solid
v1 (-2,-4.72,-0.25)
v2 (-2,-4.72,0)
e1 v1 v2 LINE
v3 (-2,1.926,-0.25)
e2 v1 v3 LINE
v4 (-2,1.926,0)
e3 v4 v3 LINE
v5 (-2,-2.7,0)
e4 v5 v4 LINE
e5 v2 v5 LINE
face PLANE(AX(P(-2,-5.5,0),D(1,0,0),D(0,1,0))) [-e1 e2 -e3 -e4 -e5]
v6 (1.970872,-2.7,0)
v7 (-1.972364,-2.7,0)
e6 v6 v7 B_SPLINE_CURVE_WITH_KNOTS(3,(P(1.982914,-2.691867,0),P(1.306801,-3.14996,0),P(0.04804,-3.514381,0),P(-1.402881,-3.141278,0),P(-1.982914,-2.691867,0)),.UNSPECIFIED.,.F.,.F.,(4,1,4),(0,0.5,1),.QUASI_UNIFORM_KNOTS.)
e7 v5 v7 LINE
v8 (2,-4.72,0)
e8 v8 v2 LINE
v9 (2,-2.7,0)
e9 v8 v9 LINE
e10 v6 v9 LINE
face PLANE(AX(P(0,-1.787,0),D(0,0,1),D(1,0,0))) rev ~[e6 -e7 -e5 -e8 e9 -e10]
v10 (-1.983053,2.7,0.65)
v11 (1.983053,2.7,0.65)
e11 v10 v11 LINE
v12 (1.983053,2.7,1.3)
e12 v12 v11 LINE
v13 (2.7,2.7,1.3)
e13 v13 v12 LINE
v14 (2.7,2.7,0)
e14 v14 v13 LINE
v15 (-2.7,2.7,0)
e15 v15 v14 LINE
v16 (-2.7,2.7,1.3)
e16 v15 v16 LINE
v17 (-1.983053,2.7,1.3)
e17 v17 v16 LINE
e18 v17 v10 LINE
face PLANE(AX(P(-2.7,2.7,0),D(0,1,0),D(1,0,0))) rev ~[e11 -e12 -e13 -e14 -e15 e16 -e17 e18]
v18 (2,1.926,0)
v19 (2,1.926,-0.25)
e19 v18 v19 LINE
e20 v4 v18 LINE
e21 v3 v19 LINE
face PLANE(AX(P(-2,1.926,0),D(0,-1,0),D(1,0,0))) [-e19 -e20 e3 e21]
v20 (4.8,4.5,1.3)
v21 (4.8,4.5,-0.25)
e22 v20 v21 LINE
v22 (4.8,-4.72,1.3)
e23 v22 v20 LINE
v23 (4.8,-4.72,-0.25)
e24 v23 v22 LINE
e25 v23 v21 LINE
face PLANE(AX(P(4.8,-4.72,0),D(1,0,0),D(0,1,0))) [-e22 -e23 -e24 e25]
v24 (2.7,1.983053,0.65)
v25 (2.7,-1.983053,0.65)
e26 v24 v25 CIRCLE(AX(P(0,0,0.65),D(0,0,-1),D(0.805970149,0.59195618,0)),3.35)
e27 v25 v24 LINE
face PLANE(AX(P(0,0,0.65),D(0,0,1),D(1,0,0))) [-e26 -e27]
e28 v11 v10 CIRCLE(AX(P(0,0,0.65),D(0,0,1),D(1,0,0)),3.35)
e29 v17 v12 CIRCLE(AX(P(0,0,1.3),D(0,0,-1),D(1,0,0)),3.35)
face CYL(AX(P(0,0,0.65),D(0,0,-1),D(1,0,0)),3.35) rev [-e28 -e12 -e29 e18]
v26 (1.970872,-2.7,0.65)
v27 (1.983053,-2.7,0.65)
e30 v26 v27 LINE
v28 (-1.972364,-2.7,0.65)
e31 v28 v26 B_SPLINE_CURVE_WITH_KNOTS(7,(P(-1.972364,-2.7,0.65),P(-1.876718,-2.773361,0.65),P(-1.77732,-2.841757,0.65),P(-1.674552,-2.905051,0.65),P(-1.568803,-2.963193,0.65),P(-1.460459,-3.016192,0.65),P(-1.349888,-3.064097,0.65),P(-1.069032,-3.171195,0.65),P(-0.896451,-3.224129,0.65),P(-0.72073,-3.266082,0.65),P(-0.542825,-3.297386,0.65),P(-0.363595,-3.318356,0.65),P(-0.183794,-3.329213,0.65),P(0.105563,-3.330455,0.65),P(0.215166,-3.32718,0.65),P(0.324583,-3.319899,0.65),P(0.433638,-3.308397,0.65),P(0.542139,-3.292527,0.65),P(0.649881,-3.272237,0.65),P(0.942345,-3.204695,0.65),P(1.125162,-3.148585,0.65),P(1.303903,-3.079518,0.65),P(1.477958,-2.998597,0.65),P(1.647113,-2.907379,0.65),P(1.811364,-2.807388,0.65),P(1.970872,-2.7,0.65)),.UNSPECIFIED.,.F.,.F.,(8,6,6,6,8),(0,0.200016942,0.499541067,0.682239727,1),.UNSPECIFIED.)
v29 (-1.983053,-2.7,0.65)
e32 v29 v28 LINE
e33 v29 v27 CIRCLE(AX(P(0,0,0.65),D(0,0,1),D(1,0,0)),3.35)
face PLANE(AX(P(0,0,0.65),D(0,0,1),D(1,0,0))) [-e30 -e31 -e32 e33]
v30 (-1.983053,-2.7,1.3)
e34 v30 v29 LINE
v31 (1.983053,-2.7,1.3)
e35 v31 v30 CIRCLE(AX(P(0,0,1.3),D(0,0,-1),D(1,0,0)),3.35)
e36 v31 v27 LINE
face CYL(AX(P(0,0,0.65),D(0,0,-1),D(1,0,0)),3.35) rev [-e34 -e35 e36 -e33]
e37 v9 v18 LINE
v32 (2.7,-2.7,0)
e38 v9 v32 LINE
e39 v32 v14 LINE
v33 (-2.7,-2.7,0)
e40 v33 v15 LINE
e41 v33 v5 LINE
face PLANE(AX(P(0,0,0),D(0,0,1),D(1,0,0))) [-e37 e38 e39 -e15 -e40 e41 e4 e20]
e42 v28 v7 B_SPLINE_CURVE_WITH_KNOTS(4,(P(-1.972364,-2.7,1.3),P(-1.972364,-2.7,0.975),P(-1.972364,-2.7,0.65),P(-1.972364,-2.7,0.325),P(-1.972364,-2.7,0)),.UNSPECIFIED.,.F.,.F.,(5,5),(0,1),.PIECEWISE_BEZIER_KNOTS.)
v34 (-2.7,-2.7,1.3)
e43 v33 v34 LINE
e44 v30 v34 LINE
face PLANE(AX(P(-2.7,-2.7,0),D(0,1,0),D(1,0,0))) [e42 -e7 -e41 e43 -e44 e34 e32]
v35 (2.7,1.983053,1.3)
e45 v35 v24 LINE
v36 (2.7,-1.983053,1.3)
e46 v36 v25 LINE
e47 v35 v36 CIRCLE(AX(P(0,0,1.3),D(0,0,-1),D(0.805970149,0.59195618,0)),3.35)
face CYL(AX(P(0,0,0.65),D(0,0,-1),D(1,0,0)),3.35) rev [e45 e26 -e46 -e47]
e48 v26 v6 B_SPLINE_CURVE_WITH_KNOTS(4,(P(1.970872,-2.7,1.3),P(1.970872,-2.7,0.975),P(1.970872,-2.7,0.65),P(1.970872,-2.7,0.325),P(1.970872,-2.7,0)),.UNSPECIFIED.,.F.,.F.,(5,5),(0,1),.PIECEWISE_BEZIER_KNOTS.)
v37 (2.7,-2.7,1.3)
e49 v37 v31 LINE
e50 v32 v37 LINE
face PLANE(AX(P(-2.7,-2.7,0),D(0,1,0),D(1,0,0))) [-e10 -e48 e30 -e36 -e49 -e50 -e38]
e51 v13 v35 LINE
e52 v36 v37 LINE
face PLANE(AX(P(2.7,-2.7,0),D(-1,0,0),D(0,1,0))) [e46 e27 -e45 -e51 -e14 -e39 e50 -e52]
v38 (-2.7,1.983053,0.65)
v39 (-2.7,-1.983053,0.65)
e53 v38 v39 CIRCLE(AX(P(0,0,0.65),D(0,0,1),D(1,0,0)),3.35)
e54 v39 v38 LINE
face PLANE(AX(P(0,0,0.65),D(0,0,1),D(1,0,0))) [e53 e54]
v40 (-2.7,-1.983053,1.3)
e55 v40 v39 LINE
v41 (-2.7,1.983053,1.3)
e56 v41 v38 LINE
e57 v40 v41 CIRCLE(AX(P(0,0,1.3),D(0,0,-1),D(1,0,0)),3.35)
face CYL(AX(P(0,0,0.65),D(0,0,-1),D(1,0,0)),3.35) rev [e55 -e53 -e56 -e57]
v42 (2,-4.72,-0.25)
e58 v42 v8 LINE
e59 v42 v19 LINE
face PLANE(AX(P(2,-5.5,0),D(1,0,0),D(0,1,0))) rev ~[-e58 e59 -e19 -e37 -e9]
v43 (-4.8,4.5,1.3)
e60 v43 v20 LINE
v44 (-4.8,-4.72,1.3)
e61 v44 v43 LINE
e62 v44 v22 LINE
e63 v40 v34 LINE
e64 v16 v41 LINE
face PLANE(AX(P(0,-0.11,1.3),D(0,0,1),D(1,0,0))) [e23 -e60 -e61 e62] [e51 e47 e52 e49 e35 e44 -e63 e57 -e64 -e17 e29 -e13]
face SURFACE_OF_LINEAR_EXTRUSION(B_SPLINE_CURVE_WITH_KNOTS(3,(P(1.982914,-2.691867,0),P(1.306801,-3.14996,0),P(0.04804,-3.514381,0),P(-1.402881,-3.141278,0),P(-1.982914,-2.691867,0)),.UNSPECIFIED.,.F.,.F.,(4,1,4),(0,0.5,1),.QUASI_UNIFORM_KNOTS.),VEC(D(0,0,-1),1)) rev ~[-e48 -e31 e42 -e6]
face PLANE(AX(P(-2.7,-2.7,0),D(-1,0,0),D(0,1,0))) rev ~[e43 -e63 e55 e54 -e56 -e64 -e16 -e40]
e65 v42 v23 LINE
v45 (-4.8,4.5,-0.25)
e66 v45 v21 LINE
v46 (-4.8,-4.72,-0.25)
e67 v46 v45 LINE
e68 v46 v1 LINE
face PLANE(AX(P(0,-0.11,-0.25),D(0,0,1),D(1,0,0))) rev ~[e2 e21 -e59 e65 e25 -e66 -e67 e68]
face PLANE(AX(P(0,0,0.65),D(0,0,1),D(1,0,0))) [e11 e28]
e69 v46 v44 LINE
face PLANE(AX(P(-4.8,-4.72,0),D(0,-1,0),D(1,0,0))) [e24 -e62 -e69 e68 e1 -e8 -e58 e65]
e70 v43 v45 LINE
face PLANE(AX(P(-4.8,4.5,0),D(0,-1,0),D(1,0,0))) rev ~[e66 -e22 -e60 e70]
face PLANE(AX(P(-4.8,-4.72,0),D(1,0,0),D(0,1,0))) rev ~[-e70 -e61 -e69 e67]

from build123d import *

# Parameters (mm, degrees)
PAD009_DEPTH      = 10
PAD009_DEPTH_BACK = 10
SKETCH_W          = 4
SKETCH_H          = 7.426
PAD008_DEPTH      = 1
SKETCH007_R       = 3.35
PAD007_DEPTH      = 1.5
SKETCH006_W       = 5.4
SKETCH006_H       = 5.4
PAD006_DEPTH      = 5
SKETCH001_W       = 9.6
SKETCH001_H       = 9.22
PAD_DEPTH         = 1.3
PAD_DEPTH_BACK    = 0.25


with BuildPart() as bottom_cut_avoid_thin_bridge:
    # Sketch008 → Pad009 (new body, two sides)
    with BuildSketch(Plane.XY) as pad009_sk:
        with BuildLine():
            Line((-1.982914, -2.691867), (1.982914, -2.691867))
            add(Edge.make_bspline(
                [(1.982914, -2.691867), (1.306801, -3.14996), (0.04804, -3.514381), (-1.402881, -3.141278), (-1.982914, -2.691867)],
                knots=[0, 0, 0, 0, 0.5, 1, 1, 1, 1], degree=3))
        make_face()
    extrude(amount=PAD009_DEPTH)
    extrude(pad009_sk.sketch, amount=-PAD009_DEPTH_BACK)


with BuildPart() as sensor_entrance_channel_cut:
    # Sketch → Pad008 (new body)
    with BuildSketch(Plane.XY):
        with Locations((0, -1.787)):
            Rectangle(SKETCH_W, SKETCH_H)
    extrude(amount=-PAD008_DEPTH)


with BuildPart() as o_ring_cutout:
    # Sketch007 → Pad007 (new body)
    with BuildSketch(Plane.XY):
        Circle(SKETCH007_R)
    extrude(amount=PAD007_DEPTH)


with BuildPart() as o_ring_cutout_1:
    # Body007 placement: moved
    add(o_ring_cutout.part.moved(Location((0, 0, 0.65))))


with BuildPart() as glass_cutout:
    # Sketch006 → Pad006 (new body)
    with BuildSketch(Plane.XY):
        Rectangle(SKETCH006_W, SKETCH006_H)
    extrude(amount=PAD006_DEPTH)


with BuildPart() as cut003:
    # Sketch001 → Pad (new body, two sides)
    with BuildSketch(Plane.XY) as pad_sk:
        with Locations((0, -0.61)):
            Rectangle(SKETCH001_W, SKETCH001_H)
    extrude(amount=PAD_DEPTH)
    extrude(pad_sk.sketch, amount=-PAD_DEPTH_BACK)


with BuildPart() as cut003_1:
    # Body001 placement: moved
    add(cut003.part.moved(Location((0, 0.5, 0))))

    # Cut: cut Glass _cutout
    add(glass_cutout.part, mode=Mode.SUBTRACT)

    # Cut001: cut O-ring_Cutout
    add(o_ring_cutout_1.part, mode=Mode.SUBTRACT)

    # Cut002: cut sensor entrance channel cut
    add(sensor_entrance_channel_cut.part, mode=Mode.SUBTRACT)

    # Cut003: cut Bottom_Cut_avoid_thin_bridge
    add(bottom_cut_avoid_thin_bridge.part, mode=Mode.SUBTRACT)


solid = cut003_1.part
